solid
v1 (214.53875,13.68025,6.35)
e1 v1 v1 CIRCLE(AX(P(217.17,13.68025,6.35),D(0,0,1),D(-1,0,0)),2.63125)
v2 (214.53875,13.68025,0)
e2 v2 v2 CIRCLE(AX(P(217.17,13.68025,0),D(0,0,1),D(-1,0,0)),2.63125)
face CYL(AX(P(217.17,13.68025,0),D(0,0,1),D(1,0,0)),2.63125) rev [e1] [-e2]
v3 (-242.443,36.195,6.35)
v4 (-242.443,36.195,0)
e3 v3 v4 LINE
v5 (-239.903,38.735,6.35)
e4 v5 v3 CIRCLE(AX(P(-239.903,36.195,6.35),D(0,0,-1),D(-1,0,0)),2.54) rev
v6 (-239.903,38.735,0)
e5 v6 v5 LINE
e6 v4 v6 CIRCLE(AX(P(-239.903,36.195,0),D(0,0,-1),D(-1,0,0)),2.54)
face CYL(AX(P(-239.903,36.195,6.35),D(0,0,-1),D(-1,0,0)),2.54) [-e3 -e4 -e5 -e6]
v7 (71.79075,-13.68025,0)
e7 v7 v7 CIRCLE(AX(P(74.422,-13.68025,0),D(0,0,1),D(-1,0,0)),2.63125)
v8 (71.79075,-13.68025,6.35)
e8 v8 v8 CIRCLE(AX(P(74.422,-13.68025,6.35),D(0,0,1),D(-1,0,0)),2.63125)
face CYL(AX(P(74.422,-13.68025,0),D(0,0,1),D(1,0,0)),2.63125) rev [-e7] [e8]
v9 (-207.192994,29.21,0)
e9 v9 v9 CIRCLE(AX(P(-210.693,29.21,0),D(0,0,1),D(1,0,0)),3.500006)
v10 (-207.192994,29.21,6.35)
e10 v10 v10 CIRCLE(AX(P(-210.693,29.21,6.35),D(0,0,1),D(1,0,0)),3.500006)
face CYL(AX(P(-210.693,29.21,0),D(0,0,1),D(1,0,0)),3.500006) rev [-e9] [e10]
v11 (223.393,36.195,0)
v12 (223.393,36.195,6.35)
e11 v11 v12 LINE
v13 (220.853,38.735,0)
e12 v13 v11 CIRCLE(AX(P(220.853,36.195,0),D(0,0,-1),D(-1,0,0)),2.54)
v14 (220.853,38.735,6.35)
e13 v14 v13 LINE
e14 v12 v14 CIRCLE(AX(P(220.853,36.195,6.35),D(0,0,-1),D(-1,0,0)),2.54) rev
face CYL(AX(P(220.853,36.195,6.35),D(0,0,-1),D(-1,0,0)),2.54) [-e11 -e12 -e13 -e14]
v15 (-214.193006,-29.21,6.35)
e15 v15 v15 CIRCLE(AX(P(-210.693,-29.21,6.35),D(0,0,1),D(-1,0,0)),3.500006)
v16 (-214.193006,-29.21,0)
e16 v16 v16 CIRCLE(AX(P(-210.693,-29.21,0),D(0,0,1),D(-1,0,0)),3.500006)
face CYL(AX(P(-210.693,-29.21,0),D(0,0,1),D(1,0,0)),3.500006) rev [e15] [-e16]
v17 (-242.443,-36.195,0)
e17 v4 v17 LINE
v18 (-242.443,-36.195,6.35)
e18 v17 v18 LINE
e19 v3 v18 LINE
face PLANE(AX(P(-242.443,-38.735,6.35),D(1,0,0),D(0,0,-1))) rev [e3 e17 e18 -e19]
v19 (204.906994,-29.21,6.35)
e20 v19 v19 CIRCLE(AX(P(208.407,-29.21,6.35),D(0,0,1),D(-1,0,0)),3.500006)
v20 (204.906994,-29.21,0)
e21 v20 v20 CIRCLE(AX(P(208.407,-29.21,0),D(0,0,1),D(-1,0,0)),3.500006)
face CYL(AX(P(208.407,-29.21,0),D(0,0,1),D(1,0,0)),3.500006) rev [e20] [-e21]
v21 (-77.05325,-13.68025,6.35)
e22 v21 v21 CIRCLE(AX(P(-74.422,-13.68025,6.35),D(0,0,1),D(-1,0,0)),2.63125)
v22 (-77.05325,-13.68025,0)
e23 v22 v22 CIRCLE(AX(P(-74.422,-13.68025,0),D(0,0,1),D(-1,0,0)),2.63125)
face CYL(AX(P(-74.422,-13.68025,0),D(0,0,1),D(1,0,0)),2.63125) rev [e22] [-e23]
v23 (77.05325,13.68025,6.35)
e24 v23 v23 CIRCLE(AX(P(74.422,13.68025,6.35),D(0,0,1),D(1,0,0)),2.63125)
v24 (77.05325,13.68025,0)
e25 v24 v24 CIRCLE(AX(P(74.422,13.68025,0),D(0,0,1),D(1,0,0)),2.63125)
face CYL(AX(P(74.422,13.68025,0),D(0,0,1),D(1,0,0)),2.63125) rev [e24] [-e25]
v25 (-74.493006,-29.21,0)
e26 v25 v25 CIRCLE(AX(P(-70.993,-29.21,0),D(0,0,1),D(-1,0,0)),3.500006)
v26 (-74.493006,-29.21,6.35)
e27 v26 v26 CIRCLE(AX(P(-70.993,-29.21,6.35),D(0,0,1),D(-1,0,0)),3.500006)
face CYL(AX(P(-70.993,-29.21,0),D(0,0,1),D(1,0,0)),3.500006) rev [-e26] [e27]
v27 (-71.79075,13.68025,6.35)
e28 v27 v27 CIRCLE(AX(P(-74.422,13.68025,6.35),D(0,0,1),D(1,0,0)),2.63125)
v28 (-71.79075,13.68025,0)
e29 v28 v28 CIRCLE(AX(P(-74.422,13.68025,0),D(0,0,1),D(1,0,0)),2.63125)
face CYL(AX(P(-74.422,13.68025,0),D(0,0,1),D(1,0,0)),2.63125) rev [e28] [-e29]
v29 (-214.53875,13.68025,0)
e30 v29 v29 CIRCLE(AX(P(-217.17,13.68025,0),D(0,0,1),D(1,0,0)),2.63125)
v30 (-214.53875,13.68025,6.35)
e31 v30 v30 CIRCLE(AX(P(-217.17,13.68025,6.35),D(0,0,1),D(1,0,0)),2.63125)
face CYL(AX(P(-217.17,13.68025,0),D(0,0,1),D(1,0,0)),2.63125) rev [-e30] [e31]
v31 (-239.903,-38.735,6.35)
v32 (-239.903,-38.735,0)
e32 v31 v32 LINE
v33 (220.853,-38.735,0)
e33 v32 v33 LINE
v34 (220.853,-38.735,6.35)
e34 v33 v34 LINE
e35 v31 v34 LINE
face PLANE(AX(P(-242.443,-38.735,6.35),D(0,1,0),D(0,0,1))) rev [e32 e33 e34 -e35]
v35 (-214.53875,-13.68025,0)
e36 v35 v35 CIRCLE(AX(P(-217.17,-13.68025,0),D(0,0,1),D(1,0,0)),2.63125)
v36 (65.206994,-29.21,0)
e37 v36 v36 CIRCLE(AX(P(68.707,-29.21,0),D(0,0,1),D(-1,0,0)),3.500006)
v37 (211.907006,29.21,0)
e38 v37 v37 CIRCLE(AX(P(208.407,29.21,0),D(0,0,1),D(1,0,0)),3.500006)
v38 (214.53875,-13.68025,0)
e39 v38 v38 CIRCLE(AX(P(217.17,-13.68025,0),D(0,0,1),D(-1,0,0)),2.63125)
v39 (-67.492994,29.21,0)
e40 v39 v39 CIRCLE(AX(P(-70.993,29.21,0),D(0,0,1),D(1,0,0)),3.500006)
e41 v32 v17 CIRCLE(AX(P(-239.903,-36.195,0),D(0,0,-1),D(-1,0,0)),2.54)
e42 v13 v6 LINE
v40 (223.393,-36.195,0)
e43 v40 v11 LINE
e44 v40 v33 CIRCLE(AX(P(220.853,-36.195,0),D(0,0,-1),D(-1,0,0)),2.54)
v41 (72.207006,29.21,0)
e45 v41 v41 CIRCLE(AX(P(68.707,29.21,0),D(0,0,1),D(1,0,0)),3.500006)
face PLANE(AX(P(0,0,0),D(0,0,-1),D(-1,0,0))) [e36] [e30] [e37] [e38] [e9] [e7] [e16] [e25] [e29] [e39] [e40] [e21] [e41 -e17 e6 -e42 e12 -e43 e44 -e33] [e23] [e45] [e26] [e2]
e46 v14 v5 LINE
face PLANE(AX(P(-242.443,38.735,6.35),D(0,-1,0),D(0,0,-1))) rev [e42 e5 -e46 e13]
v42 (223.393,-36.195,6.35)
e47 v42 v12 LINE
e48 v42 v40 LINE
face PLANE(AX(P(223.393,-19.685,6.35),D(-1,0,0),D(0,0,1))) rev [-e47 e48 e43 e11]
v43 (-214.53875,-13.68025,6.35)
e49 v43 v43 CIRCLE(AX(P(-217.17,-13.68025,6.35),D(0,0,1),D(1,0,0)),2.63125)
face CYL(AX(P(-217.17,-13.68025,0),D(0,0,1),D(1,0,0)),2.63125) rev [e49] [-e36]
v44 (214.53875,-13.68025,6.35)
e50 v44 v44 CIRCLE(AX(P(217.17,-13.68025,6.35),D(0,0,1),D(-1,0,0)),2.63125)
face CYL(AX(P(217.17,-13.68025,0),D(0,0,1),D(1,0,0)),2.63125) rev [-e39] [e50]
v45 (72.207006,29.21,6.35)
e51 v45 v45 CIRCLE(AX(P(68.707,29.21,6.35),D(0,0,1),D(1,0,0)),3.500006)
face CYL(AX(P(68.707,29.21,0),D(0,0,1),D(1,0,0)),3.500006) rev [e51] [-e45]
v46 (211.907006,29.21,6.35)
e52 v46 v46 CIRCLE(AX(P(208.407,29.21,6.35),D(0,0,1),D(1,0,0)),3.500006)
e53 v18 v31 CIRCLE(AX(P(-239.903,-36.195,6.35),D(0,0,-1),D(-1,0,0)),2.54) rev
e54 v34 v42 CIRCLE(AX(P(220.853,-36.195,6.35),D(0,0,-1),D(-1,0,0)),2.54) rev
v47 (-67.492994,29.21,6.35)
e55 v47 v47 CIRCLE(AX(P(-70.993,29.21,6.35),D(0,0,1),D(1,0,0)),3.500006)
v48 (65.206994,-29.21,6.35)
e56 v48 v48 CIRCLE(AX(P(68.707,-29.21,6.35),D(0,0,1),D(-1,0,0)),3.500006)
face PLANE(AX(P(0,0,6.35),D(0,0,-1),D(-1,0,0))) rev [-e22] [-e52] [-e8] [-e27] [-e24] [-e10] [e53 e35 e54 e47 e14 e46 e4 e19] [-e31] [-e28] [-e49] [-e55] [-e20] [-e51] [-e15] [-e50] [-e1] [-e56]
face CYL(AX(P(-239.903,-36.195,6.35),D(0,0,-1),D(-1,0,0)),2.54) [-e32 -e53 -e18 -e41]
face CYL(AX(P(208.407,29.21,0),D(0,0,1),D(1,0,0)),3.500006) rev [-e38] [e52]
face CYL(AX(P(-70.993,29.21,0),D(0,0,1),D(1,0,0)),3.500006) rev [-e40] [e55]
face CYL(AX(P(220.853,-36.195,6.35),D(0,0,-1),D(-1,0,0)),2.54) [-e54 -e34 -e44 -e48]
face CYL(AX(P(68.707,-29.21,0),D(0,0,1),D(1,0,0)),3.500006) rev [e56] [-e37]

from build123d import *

# Parameters (mm, degrees)
SALIENTE_EXTRUIR1_DEPTH = 6.35
CROQUIS4_R              = 2.63125
CORTAR_EXTRUIR2_DEPTH   = 246.599940908
CROQUIS5_R              = 3.5000057
CORTAR_EXTRUIR3_DEPTH   = 246.599940908
REDONDEO1_R             = 2.54


with BuildPart() as part:
    # Croquis2 → Saliente-Extruir1 (new body)
    with BuildSketch(Plane.XY):
        Polygon((-242.443, -38.735), (-242.443, 38.735), (223.393, 38.735), (223.393, 19.685), (223.393, -19.685), (223.393, -38.735), align=None)
    extrude(amount=SALIENTE_EXTRUIR1_DEPTH)

    # Croquis4 → Cortar-Extruir2 (cut, through all)
    with BuildSketch(Plane.XY.offset(6.35)):
        with Locations((-217.17, 13.68025)):
            Circle(CROQUIS4_R)
        with Locations((-217.17, -13.68025)):
            Circle(CROQUIS4_R)
        with Locations(Location((217.17, -13.68025, 0), (0, 0, 180))):
            Circle(CROQUIS4_R)
        with Locations(Location((217.17, 13.68025, 0), (0, 0, 180))):
            Circle(CROQUIS4_R)
        with Locations((-74.422, 13.68025)):
            Circle(CROQUIS4_R)
        with Locations(Location((-74.422, -13.68025, 0), (0, 0, 180))):
            Circle(CROQUIS4_R)
        with Locations((74.422, 13.68025)):
            Circle(CROQUIS4_R)
        with Locations(Location((74.422, -13.68025, 0), (0, 0, 180))):
            Circle(CROQUIS4_R)
    extrude(amount=-CORTAR_EXTRUIR2_DEPTH, mode=Mode.SUBTRACT)

    # Croquis5 → Cortar-Extruir3 (cut, through all)
    with BuildSketch(Plane.XY.offset(6.35)):
        with Locations((-210.693, 29.21)):
            Circle(CROQUIS5_R)
        with Locations((-70.993, 29.21)):
            Circle(CROQUIS5_R)
        with Locations((68.707, 29.21)):
            Circle(CROQUIS5_R)
        with Locations((208.407, 29.21)):
            Circle(CROQUIS5_R)
        with Locations(Location((208.407, -29.21, 0), (0, 0, 180))):
            Circle(CROQUIS5_R)
        with Locations(Location((68.707, -29.21, 0), (0, 0, 180))):
            Circle(CROQUIS5_R)
        with Locations(Location((-70.993, -29.21, 0), (0, 0, 180))):
            Circle(CROQUIS5_R)
        with Locations(Location((-210.693, -29.21, 0), (0, 0, 180))):
            Circle(CROQUIS5_R)
    extrude(amount=-CORTAR_EXTRUIR3_DEPTH, mode=Mode.SUBTRACT)

    # Redondeo1
    redondeo1_edges = [part.edges().sort_by_distance(p)[0] for p in [
        (223.393, -38.735, 3.175),
        (-242.443, -38.735, 3.175),
        (-242.443, 38.735, 3.175),
        (223.393, 38.735, 3.175),
    ]]
    fillet(redondeo1_edges, radius=REDONDEO1_R)


solid = part.part
